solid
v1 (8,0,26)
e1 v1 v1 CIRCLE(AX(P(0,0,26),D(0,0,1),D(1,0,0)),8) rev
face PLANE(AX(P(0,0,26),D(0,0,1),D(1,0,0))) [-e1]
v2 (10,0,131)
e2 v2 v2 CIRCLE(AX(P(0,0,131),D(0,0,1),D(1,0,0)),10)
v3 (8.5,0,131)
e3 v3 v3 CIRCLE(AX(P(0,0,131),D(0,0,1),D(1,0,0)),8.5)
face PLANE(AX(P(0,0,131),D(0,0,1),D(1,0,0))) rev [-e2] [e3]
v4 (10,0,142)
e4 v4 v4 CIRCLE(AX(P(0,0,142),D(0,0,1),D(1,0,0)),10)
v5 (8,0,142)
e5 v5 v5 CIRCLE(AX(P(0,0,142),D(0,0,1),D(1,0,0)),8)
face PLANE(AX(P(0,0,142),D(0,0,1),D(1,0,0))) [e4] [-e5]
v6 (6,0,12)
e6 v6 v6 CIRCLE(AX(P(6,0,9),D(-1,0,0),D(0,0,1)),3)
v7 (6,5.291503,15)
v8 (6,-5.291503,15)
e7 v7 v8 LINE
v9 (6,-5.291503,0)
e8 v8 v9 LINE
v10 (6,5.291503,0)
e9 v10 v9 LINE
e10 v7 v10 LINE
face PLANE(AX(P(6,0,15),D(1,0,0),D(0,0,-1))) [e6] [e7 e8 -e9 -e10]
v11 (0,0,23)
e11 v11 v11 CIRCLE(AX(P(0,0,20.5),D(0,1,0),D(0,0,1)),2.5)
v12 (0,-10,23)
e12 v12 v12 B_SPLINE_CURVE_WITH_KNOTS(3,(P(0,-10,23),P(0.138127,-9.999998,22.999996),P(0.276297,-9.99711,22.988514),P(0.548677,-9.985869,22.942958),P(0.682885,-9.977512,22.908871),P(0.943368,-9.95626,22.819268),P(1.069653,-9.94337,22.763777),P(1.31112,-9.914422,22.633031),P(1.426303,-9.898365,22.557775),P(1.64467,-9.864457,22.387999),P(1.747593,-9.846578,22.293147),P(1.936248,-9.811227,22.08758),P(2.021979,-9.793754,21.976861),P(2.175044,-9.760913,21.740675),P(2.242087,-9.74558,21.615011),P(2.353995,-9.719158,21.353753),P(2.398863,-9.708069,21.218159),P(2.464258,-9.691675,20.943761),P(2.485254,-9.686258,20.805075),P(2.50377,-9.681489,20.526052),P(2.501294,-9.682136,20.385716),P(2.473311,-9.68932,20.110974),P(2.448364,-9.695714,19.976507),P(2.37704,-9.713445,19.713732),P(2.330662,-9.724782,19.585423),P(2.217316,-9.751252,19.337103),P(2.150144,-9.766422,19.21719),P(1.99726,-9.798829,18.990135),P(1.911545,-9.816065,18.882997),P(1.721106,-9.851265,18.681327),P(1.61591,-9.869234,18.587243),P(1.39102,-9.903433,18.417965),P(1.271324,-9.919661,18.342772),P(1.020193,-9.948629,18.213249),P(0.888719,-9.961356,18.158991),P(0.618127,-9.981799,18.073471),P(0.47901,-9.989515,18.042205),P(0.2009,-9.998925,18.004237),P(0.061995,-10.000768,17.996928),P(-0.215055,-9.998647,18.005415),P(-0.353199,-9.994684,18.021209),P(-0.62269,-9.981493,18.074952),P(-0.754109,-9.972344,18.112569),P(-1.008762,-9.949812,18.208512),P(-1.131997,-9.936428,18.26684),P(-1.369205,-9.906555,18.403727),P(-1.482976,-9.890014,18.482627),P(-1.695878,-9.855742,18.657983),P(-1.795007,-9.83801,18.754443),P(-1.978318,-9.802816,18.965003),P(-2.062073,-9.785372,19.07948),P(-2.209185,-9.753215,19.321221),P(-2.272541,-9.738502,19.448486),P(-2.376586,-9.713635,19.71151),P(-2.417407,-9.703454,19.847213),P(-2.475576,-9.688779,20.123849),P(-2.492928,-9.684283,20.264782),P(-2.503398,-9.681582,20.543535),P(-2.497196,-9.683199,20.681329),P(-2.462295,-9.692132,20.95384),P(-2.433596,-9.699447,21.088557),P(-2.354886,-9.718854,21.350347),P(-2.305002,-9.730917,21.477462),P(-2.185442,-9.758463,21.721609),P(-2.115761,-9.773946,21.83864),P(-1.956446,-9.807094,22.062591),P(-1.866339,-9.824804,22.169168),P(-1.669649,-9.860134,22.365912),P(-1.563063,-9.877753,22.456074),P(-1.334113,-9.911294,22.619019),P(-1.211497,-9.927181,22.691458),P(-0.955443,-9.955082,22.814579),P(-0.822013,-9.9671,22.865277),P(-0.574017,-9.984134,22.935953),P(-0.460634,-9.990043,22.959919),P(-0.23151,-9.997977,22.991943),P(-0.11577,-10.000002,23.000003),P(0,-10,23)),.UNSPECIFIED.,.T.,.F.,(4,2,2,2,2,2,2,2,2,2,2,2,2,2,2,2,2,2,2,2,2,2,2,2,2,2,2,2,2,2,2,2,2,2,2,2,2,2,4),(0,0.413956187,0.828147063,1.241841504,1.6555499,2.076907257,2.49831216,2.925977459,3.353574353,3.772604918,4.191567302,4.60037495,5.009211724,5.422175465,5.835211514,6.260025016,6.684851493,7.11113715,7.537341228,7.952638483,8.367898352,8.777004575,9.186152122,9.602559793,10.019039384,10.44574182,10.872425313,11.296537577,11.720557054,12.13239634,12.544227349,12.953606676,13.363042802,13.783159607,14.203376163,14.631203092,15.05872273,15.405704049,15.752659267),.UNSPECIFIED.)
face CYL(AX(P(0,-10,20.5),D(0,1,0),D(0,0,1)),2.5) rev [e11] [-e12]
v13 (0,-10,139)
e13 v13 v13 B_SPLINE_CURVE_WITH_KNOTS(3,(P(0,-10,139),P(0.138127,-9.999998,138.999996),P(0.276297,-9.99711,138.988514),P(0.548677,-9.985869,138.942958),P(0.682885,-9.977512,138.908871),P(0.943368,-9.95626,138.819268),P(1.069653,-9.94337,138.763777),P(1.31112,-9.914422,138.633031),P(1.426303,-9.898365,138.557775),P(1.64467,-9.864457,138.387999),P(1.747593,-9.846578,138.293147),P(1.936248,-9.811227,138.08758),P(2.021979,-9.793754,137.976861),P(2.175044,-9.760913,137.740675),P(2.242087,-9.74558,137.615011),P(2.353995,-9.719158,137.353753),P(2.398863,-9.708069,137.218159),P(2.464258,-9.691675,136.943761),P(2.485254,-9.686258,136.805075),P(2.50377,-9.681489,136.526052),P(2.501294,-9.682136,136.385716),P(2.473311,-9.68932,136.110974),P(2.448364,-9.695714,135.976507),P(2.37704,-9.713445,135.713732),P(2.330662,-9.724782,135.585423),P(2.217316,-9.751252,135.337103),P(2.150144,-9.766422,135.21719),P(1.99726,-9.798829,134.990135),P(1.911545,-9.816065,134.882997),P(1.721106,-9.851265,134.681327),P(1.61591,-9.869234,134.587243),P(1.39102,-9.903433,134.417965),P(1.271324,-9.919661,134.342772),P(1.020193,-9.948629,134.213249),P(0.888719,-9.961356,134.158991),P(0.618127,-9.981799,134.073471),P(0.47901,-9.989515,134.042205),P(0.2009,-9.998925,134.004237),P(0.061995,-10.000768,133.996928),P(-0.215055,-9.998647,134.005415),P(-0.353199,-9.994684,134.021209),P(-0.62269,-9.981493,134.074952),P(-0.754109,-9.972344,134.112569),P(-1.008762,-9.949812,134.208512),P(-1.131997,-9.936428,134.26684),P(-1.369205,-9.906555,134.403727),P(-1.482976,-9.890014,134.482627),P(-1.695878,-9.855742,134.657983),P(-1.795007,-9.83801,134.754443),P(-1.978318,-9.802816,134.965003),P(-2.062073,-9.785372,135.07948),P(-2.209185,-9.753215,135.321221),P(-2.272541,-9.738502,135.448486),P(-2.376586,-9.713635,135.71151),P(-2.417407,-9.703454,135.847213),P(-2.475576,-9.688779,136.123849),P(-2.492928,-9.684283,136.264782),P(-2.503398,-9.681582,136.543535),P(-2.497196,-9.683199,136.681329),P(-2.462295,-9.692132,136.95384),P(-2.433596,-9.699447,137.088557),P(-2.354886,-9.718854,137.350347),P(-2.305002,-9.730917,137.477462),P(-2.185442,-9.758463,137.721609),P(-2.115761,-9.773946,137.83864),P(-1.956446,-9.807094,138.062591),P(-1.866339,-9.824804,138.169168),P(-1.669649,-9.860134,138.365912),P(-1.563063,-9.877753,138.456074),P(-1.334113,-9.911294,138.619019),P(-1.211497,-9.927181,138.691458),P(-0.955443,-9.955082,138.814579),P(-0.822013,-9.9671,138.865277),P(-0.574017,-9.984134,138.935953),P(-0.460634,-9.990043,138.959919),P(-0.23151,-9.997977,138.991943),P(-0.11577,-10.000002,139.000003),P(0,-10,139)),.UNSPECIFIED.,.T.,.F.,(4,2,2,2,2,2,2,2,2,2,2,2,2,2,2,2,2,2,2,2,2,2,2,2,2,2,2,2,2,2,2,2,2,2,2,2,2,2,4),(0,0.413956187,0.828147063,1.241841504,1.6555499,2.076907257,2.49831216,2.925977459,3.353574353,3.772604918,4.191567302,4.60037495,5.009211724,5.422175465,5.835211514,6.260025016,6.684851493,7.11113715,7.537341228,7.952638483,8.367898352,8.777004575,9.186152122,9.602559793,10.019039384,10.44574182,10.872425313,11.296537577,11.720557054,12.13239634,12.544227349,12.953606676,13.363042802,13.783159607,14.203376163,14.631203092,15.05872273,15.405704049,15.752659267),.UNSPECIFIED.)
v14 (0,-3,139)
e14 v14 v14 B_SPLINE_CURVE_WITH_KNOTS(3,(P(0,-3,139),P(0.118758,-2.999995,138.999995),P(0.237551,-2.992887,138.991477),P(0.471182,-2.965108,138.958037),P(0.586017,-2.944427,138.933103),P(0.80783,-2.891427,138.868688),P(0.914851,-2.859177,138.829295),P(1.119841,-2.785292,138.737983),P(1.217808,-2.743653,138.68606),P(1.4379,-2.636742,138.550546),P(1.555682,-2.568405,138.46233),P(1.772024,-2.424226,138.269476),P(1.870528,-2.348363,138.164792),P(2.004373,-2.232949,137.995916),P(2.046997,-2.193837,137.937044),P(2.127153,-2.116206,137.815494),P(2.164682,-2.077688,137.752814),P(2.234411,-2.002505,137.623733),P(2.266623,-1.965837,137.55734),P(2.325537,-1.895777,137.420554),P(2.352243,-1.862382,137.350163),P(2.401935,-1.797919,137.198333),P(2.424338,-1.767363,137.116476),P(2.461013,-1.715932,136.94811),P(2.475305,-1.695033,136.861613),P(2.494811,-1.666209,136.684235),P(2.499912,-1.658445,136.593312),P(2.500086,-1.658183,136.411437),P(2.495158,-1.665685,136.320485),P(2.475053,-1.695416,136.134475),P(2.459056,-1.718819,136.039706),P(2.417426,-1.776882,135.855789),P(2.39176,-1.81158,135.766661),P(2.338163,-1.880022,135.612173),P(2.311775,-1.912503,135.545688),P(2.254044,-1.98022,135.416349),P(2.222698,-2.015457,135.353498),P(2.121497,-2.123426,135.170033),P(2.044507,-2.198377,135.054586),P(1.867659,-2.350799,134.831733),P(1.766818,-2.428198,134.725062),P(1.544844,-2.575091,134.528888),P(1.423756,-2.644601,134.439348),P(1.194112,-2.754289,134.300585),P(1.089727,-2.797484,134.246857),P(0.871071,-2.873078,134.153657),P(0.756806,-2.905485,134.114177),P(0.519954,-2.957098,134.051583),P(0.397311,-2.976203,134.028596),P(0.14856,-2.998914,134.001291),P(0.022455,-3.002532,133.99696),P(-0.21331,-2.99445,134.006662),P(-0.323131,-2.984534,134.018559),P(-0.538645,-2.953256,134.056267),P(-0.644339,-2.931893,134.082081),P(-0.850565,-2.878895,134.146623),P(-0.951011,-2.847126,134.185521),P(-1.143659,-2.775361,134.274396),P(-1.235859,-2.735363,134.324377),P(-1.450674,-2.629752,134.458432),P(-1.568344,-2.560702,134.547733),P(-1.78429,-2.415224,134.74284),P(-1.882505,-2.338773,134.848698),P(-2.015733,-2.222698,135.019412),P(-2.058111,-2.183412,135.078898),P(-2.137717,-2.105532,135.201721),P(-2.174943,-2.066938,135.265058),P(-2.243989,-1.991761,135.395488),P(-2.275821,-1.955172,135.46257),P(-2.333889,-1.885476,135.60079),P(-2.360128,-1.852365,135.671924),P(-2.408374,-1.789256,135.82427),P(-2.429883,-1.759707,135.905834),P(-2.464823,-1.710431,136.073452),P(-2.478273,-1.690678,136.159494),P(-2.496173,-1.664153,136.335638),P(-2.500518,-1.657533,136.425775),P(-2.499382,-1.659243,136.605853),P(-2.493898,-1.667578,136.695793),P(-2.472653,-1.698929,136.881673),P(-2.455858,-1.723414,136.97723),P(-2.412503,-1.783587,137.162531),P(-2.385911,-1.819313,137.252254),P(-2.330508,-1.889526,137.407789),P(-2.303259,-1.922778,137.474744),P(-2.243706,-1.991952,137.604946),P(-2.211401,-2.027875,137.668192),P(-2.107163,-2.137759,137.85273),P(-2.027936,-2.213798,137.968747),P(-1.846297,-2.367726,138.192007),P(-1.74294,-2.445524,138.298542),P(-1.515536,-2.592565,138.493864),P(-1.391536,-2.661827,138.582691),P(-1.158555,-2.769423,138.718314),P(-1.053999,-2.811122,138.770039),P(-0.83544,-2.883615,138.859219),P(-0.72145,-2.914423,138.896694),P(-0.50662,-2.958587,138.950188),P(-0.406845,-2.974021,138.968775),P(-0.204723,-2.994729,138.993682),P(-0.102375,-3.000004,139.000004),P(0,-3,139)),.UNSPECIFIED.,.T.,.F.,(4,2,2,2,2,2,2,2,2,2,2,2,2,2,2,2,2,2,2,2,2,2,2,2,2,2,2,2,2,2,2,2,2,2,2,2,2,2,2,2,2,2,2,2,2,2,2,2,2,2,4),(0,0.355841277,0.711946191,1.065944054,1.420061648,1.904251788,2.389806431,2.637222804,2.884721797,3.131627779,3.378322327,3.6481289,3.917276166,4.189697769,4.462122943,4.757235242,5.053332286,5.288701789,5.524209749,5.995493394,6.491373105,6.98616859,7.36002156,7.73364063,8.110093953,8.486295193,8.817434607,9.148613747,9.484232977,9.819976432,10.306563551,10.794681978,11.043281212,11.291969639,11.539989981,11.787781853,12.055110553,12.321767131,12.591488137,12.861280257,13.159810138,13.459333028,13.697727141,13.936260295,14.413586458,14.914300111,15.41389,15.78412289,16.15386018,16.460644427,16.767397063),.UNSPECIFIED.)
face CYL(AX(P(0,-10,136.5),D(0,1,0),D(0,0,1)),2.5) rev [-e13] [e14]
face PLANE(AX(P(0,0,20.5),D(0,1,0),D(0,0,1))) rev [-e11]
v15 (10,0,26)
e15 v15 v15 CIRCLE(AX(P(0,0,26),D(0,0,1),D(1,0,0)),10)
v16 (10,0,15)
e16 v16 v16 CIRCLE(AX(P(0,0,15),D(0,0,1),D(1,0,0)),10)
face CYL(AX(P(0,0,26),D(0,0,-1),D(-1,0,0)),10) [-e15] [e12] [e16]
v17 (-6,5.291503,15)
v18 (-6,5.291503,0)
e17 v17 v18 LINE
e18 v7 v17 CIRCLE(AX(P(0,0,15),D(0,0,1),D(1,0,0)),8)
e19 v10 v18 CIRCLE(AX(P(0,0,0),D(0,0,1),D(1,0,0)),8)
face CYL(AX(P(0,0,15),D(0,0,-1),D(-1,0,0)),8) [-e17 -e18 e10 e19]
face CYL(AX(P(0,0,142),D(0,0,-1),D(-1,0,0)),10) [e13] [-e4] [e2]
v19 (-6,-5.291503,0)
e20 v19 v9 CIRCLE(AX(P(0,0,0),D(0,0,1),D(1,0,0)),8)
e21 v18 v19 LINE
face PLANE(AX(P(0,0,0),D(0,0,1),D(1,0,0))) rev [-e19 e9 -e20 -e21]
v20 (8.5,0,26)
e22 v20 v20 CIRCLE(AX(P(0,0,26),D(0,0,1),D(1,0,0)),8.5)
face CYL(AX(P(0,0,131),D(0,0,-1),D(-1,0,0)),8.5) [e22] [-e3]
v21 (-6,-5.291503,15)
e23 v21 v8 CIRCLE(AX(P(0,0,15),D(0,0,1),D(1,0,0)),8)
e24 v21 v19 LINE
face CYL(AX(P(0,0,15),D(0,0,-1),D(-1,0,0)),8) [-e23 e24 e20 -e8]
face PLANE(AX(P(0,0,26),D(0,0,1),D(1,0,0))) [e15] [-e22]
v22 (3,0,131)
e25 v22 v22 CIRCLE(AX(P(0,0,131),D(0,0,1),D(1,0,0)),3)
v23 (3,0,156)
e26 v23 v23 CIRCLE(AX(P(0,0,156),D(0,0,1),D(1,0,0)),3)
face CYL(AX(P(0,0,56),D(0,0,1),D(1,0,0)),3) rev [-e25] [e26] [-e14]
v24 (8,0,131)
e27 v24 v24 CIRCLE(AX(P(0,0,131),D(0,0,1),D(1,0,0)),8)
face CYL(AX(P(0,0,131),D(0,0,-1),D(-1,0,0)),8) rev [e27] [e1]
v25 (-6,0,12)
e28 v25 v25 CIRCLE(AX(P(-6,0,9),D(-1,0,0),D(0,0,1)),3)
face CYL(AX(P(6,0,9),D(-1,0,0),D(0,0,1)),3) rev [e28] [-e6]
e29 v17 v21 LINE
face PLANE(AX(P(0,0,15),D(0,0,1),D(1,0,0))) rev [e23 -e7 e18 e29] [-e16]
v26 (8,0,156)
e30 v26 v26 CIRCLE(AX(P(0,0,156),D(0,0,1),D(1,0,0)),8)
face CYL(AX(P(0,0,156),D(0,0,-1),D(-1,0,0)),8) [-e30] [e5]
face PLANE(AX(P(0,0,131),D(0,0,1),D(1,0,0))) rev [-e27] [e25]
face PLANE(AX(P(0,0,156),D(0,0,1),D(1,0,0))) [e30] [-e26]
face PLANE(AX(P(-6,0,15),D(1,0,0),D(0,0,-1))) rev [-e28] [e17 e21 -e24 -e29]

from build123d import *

# Parameters (mm, degrees)
EXTRUDE_1_DEPTH     = 15
SKETCH_2_R          = 3
CUT_EXTRUDE_1_DEPTH = 21.808652047
SKETCH_3_R          = 10
EXTRUDE_2_DEPTH     = 11
SKETCH_4_R          = 2.5
CUT_EXTRUDE_3_DEPTH = 10
SKETCH_5_R          = 8.5
SKETCH_5_R_2        = 8
EXTRUDE_4_DEPTH     = 105
SKETCH_6_R          = 10
EXTRUDE_5_DEPTH     = 11
SKETCH_7_R          = 2.5
CUT_EXTRUDE_4_DEPTH = 10
SKETCH_8_R          = 8
EXTRUDE_6_DEPTH     = 14
SKETCH_9_R          = 3
CUT_EXTRUDE_5_DEPTH = 100


with BuildPart() as part:
    # 草图1 → 凸台-拉伸1 (new body)
    with BuildSketch(Plane.XY):
        with BuildLine():
            ThreePointArc((0, 8), (-3.291502622, 7.291502622), (-6, 5.291502622))
            Line((-6, 5.291502622), (-6, -5.291502622))
            ThreePointArc((-6, -5.291502622), (-3.291502622, -7.291502622), (0, -8))
            Line((0, -8), (0, 8))
        make_face()
        with BuildLine():
            ThreePointArc((6, 5.291502622), (3.291502622, 7.291502622), (0, 8))
            Line((0, 8), (0, -8))
            ThreePointArc((0, -8), (3.291502622, -7.291502622), (6, -5.291502622))
            Line((6, -5.291502622), (6, 5.291502622))
        make_face()
    extrude(amount=EXTRUDE_1_DEPTH)

    # 草图2 → 切除-拉伸1 (cut, through all)
    with BuildSketch(Plane.ZY.offset(6)):
        with Locations((9, 0)):
            Circle(SKETCH_2_R)
    extrude(amount=-CUT_EXTRUDE_1_DEPTH, mode=Mode.SUBTRACT)

    # 草图3 → 凸台-拉伸2 (add)
    with BuildSketch(Plane.XY.offset(15)):
        Circle(SKETCH_3_R)
    extrude(amount=EXTRUDE_2_DEPTH)

    # 草图4 → 切除-拉伸3 (cut)
    with BuildSketch(Plane(origin=(0, 0, 0), x_dir=(1, 0, 0), z_dir=(0, 1, 0))):
        with Locations(Location((0, -20.5, 0), (0, 0, 270))):
            Circle(SKETCH_4_R)
    extrude(amount=-CUT_EXTRUDE_3_DEPTH, mode=Mode.SUBTRACT)

    # 草图5 → 凸台-拉伸4 (add)
    with BuildSketch(Plane.XY.offset(26)):
        Circle(SKETCH_5_R)
        Circle(SKETCH_5_R_2, mode=Mode.SUBTRACT)
    extrude(amount=EXTRUDE_4_DEPTH)

    # 草图6 → 凸台-拉伸5 (add)
    with BuildSketch(Plane.XY.offset(131)):
        Circle(SKETCH_6_R)
    extrude(amount=EXTRUDE_5_DEPTH)

    # 草图7 → 切除-拉伸4 (cut)
    with BuildSketch(Plane(origin=(0, 0, 0), x_dir=(1, 0, 0), z_dir=(0, 1, 0))):
        with Locations(Location((0, -136.5, 0), (0, 0, 270))):
            Circle(SKETCH_7_R)
    extrude(amount=-CUT_EXTRUDE_4_DEPTH, mode=Mode.SUBTRACT)

    # 草图8 → 凸台-拉伸6 (add)
    with BuildSketch(Plane.XY.offset(142)):
        Circle(SKETCH_8_R)
    extrude(amount=EXTRUDE_6_DEPTH)

    # 草图9 → 切除-拉伸5 (cut)
    with BuildSketch(Plane.XY.offset(156)):
        Circle(SKETCH_9_R)
    extrude(amount=-CUT_EXTRUDE_5_DEPTH, mode=Mode.SUBTRACT)


solid = part.part
